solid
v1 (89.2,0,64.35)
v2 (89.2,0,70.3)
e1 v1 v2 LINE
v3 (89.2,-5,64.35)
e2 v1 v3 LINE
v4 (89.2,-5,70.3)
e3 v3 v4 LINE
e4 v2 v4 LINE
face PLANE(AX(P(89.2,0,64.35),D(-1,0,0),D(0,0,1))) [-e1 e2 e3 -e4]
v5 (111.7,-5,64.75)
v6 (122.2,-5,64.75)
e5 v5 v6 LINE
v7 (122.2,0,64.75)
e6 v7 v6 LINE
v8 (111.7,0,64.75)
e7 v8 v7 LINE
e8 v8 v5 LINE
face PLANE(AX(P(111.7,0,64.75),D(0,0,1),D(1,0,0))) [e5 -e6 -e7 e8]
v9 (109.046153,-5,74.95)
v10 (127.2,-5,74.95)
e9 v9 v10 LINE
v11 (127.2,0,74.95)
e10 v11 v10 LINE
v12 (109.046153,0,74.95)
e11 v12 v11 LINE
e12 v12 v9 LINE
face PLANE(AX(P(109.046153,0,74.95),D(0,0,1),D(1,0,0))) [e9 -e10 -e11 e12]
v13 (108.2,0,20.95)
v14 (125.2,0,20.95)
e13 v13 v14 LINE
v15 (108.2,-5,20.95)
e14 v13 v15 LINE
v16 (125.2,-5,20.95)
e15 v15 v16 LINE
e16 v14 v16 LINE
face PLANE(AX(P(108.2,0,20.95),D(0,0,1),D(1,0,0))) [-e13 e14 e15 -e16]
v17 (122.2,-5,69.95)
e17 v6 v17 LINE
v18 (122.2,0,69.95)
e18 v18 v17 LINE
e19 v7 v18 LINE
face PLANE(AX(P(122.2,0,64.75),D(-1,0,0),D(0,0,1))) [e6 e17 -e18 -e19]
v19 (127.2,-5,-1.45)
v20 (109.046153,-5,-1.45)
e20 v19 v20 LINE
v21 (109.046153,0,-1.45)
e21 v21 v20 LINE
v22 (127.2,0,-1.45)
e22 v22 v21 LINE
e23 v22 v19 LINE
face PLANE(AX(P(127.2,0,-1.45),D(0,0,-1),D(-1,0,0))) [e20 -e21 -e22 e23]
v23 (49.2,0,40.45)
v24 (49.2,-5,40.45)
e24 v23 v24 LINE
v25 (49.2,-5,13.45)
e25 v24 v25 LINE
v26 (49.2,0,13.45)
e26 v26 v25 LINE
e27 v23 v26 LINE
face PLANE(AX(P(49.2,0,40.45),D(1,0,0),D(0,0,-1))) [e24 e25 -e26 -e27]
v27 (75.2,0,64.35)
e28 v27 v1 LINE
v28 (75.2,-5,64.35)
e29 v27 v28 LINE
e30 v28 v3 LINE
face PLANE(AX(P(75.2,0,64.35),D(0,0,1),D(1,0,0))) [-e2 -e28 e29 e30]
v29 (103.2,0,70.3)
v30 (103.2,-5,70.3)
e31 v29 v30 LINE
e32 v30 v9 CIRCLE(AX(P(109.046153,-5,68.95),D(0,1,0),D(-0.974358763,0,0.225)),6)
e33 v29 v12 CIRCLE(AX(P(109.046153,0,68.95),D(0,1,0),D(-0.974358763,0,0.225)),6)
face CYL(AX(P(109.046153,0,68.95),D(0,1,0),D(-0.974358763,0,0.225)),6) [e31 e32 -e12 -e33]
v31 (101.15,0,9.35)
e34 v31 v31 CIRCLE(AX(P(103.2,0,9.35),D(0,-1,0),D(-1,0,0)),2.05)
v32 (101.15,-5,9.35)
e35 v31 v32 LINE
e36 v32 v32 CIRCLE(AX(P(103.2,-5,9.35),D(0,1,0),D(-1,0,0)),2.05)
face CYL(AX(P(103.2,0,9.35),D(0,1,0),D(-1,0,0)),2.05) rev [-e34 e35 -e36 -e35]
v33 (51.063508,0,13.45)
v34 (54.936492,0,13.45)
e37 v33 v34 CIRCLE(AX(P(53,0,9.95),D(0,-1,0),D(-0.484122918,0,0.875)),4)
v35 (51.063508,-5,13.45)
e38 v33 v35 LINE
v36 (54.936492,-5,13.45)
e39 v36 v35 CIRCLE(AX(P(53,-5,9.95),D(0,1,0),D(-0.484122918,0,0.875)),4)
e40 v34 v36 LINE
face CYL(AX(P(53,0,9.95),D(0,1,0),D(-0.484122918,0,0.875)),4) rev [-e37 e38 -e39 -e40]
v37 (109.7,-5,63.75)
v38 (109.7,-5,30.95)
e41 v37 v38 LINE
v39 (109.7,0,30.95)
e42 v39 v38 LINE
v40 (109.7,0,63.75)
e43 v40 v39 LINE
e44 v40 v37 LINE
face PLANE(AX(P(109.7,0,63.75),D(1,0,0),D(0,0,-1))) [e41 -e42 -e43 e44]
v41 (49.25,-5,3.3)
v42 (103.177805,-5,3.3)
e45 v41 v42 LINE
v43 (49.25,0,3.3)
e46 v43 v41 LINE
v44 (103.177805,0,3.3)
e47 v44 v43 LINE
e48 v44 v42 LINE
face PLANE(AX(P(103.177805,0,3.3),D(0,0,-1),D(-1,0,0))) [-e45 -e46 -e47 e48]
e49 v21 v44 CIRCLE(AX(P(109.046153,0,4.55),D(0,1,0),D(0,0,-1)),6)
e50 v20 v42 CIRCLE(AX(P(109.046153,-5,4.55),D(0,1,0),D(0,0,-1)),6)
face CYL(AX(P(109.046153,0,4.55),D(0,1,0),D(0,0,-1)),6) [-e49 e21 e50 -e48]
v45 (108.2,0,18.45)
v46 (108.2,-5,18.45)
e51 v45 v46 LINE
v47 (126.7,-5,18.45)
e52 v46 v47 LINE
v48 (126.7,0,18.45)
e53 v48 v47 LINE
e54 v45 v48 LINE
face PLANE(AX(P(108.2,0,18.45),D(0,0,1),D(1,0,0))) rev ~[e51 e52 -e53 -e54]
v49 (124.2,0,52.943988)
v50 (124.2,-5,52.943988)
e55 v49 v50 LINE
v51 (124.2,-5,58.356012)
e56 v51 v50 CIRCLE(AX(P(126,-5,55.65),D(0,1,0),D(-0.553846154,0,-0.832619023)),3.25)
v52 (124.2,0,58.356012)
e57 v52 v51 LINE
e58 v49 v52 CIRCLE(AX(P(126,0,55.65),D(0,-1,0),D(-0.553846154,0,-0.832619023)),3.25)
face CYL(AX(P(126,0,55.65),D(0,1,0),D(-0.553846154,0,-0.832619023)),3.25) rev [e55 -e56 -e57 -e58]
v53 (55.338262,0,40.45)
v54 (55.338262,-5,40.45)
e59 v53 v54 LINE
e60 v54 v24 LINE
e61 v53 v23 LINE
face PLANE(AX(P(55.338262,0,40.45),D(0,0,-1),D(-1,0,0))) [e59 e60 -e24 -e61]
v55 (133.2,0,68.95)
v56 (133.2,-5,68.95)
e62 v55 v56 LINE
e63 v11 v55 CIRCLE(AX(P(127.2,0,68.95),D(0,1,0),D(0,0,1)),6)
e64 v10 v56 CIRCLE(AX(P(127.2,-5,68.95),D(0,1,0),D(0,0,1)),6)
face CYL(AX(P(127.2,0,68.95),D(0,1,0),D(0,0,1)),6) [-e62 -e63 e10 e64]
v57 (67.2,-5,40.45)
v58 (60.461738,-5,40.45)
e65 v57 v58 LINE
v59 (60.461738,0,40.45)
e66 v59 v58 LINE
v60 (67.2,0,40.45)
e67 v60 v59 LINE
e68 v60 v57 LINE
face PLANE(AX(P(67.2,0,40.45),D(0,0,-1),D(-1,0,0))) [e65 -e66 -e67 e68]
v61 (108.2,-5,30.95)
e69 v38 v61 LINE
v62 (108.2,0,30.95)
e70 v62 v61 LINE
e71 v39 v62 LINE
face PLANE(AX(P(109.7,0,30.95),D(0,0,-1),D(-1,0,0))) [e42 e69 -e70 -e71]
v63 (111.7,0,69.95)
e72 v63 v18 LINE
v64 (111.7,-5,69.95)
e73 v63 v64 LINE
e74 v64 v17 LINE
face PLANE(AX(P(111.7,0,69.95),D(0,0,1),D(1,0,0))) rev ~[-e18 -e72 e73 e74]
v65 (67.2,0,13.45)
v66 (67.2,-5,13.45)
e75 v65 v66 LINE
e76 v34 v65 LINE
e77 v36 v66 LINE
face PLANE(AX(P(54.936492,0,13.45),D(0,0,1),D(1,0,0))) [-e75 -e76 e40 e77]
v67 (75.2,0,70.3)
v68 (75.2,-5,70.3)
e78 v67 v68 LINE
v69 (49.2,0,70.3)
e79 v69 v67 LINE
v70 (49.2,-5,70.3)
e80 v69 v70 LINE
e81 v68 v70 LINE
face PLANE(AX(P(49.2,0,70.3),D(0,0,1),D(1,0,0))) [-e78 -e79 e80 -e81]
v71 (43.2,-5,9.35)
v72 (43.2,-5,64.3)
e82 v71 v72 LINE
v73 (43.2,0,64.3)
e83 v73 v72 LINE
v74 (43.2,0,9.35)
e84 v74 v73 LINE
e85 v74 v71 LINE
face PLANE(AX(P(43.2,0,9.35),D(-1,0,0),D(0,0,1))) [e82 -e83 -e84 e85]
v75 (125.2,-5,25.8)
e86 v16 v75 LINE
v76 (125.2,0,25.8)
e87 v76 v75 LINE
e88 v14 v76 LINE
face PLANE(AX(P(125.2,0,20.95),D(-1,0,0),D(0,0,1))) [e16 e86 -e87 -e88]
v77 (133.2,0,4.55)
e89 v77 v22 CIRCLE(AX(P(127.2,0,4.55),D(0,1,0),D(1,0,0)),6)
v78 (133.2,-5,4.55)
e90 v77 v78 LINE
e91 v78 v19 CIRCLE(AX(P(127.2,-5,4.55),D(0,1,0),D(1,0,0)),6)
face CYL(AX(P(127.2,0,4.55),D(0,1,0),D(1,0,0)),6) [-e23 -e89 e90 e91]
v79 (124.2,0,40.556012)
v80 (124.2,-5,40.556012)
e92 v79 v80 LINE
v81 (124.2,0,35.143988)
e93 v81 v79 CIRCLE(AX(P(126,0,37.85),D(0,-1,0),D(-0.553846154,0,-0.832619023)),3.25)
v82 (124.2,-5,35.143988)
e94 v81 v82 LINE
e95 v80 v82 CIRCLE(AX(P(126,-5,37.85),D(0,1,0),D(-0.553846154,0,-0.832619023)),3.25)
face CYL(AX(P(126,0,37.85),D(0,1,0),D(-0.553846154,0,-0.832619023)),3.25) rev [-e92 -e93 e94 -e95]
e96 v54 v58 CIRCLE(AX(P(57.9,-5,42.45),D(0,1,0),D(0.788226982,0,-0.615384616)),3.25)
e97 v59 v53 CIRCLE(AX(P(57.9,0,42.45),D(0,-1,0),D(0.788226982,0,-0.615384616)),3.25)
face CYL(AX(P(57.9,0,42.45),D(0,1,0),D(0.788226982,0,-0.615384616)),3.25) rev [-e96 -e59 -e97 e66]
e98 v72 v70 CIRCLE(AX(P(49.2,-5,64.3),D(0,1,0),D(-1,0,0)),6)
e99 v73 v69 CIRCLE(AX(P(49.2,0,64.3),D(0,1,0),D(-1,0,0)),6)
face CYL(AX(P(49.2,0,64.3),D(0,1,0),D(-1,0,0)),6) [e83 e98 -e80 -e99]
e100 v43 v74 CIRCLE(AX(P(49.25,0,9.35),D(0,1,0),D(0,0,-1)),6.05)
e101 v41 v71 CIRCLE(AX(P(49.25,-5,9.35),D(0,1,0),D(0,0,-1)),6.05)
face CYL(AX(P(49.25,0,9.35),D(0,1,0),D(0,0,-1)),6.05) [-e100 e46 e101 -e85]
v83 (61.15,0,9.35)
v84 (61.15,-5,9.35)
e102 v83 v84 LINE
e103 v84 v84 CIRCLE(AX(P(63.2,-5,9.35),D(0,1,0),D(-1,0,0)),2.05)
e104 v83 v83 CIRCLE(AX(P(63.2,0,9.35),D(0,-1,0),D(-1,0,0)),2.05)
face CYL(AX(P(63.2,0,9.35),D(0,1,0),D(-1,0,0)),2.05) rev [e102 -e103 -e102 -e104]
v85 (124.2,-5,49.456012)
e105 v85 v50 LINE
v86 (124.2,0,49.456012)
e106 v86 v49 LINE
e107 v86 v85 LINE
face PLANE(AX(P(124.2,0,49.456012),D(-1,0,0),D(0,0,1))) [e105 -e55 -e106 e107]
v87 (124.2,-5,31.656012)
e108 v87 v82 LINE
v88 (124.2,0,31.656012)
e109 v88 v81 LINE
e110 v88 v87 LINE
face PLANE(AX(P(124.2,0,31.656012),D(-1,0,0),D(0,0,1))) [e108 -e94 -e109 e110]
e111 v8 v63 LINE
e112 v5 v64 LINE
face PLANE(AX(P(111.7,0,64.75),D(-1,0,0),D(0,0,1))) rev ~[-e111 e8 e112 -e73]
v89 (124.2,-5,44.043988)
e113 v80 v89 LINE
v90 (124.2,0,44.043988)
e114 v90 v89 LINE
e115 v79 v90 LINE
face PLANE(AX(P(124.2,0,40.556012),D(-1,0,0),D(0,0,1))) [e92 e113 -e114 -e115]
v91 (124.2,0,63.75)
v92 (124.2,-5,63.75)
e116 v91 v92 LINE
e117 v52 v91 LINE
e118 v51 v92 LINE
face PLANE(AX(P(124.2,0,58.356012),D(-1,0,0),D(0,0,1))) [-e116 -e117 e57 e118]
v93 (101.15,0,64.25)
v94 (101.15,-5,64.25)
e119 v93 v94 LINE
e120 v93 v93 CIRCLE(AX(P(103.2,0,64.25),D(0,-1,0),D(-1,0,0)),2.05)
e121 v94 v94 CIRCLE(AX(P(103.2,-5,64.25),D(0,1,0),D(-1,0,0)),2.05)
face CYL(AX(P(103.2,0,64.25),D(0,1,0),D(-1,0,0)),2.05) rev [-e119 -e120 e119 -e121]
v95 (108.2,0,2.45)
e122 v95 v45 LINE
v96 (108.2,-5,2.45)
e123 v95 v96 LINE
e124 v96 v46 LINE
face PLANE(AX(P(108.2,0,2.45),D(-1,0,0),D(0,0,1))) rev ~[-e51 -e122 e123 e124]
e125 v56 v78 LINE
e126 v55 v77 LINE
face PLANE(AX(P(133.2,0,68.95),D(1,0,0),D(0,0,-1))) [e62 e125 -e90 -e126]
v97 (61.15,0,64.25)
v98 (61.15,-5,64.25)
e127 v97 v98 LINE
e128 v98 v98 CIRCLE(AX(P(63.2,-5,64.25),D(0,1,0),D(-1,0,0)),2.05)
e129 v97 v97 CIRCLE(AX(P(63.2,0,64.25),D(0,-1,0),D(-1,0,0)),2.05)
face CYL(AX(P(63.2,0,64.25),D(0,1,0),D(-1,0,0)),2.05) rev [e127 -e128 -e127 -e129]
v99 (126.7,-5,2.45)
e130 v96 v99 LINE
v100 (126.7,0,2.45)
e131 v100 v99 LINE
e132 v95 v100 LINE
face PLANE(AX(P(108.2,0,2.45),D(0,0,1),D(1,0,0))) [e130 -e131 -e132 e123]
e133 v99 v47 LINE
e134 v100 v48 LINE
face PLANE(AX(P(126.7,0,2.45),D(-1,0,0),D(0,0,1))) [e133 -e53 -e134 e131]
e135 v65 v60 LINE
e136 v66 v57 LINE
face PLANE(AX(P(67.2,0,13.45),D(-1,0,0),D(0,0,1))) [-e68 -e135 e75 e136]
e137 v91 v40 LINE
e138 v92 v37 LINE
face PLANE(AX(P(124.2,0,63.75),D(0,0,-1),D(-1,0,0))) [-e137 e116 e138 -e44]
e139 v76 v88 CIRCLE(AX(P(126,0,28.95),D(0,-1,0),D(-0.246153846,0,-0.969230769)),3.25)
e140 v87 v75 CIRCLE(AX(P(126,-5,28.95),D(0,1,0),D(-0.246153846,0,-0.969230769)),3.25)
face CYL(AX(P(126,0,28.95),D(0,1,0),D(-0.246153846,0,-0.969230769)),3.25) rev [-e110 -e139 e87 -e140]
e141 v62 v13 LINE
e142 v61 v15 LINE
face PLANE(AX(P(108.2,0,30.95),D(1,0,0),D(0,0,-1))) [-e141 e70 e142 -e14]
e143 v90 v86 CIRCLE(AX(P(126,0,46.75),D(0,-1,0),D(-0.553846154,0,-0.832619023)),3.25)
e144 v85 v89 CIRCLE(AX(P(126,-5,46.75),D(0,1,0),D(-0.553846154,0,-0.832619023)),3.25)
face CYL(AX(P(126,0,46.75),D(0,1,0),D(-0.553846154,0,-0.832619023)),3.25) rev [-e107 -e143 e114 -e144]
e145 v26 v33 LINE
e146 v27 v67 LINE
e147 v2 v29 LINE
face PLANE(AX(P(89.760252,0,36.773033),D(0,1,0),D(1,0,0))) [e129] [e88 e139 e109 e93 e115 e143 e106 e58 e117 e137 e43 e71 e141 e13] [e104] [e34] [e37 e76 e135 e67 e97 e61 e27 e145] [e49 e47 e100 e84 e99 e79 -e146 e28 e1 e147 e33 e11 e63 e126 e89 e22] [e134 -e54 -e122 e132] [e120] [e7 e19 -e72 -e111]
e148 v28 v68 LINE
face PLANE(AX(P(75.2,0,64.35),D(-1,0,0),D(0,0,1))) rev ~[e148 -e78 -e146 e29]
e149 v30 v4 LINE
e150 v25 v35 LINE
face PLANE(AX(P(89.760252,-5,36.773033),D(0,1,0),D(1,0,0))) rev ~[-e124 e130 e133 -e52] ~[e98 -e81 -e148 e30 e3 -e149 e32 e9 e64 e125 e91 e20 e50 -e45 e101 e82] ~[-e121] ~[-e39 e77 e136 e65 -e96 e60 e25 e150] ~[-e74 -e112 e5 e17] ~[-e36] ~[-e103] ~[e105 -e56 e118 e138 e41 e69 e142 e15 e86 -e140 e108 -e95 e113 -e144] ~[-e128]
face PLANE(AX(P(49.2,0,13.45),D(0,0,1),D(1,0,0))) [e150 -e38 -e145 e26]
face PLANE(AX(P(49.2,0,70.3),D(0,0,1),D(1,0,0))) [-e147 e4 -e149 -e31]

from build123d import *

# Parameters (mm, degrees)
SKETCH_2_R          = 6.05
SKETCH_2_R_2        = 2.05
EXTRUDE_1_DEPTH     = 5
EXTRUDE_1_2_DEPTH   = 5
EXTRUDE_1_3_DEPTH   = 5
EXTRUDE_1_4_DEPTH   = 5
SKETCH_6_R          = 2.05
EXTRUDE_1_5_DEPTH   = 5
SKETCH_8_W          = 18.5
SKETCH_8_H          = 16
SKETCH_8_W_2        = 10.5
SKETCH_8_H_2        = 5.2
SKETCH_8_W_3        = 14
SKETCH_8_H_3        = 9
CUT_EXTRUDE_2_DEPTH = 153.920706577


with BuildPart() as part:
    # 草图2 → Extrude 1 (new body)
    with BuildSketch(Plane(origin=(0, 0, 0), x_dir=(-1, 0, 0), z_dir=(0, -1, 0))):
        with Locations((-103.2, -9.35)):
            Circle(SKETCH_2_R)
        with Locations((-103.2, -9.35)):
            Circle(SKETCH_2_R_2, mode=Mode.SUBTRACT)
    extrude(amount=EXTRUDE_1_DEPTH)



with BuildPart() as body_2:
    # 草图2 → Extrude 1 2 (new body)
    with BuildSketch(Plane(origin=(0, 0, 0), x_dir=(-1, 0, 0), z_dir=(0, -1, 0))):
        with Locations((-63.2, -9.35)):
            Circle(SKETCH_2_R)
        with Locations((-63.2, -9.35)):
            Circle(SKETCH_2_R_2, mode=Mode.SUBTRACT)
    extrude(amount=EXTRUDE_1_2_DEPTH)


with BuildPart() as body_3:
    # 草图2 → Extrude 1 3 (new body)
    with BuildSketch(Plane(origin=(0, 0, 0), x_dir=(-1, 0, 0), z_dir=(0, -1, 0))):
        with Locations((-63.2, -64.25)):
            Circle(SKETCH_2_R)
        with Locations((-63.2, -64.25)):
            Circle(SKETCH_2_R_2, mode=Mode.SUBTRACT)
    extrude(amount=EXTRUDE_1_3_DEPTH)


with BuildPart() as body_4:
    # 草图2 → Extrude 1 4 (new body)
    with BuildSketch(Plane(origin=(0, 0, 0), x_dir=(-1, 0, 0), z_dir=(0, -1, 0))):
        with Locations((-103.2, -64.25)):
            Circle(SKETCH_2_R)
        with Locations((-103.2, -64.25)):
            Circle(SKETCH_2_R_2, mode=Mode.SUBTRACT)
    extrude(amount=EXTRUDE_1_4_DEPTH)


with BuildPart() as part_1:
    add(part.part)

    add(body_2.part)  # Extrude 1 5 merges body 2

    add(body_3.part)  # Extrude 1 5 merges body 3

    add(body_4.part)  # Extrude 1 5 merges body 4
    # 草图6 → Extrude 1 5 (add)
    with BuildSketch(Plane(origin=(0, 0, 0), x_dir=(1, 0, 0), z_dir=(0, 1, 0))):
        with BuildLine():
            Line((127.2, 1.45), (109.046152581, 1.45))
            ThreePointArc((109.046152581, 1.45), (105.271235363, 0.113689527), (103.177805284, -3.3))
            Line((103.177805284, -3.3), (63.2, -3.3))
            Line((63.2, -3.3), (49.25, -3.3))
            ThreePointArc((49.25, -3.3), (44.972003974, -5.072003974), (43.2, -9.35))
            Line((43.2, -9.35), (43.2, -64.3))
            ThreePointArc((43.2, -64.3), (44.957359313, -68.542640687), (49.2, -70.3))
            Line((49.2, -70.3), (103.2, -70.3))
            ThreePointArc((103.2, -70.3), (105.311182702, -73.645742753), (109.046152581, -74.95))
            Line((109.046152581, -74.95), (127.2, -74.95))
            ThreePointArc((127.2, -74.95), (131.442640687, -73.192640687), (133.2, -68.95))
            Line((133.2, -68.95), (133.2, -4.55))
            ThreePointArc((133.2, -4.55), (131.442640687, -0.307359313), (127.2, 1.45))
        make_face()
        with Locations(Location((103.2, -9.35, 0), (0, 0, 270))):
            Circle(SKETCH_6_R, mode=Mode.SUBTRACT)
        with Locations(Location((103.2, -64.25, 0), (0, 0, 270))):
            Circle(SKETCH_6_R, mode=Mode.SUBTRACT)
        with Locations(Location((63.2, -64.25, 0), (0, 0, 270))):
            Circle(SKETCH_6_R, mode=Mode.SUBTRACT)
        with Locations(Location((63.2, -9.35, 0), (0, 0, 90))):
            Circle(SKETCH_6_R, mode=Mode.SUBTRACT)
    extrude(amount=-EXTRUDE_1_5_DEPTH)

    # 草图8 → 切除-拉伸2 (cut, through all)
    with BuildSketch(Plane.XZ):
        with BuildLine():
            Line((67.2, 13.45), (67.2, 40.45))
            Line((67.2, 40.45), (60.461737691, 40.45))
            ThreePointArc((60.461737691, 40.45), (57.9, 45.7), (55.338262309, 40.45))
            Line((55.338262309, 40.45), (49.2, 40.45))
            Line((49.2, 40.45), (49.2, 13.45))
            Line((49.2, 13.45), (51.063508327, 13.45))
            ThreePointArc((51.063508327, 13.45), (53, 5.95), (54.936491673, 13.45))
            Line((54.936491673, 13.45), (67.2, 13.45))
        make_face()
        with Locations((117.45, 10.45)):
            Rectangle(SKETCH_8_W, SKETCH_8_H)
        with BuildLine():
            Line((108.2, 20.95), (125.2, 20.95))
            Line((125.2, 20.95), (125.2, 25.8))
            ThreePointArc((125.2, 25.8), (129.203625856, 29.497066152), (124.2, 31.656011826))
            Line((124.2, 31.656011826), (124.2, 35.143988174))
            ThreePointArc((124.2, 35.143988174), (129.25, 37.85), (124.2, 40.556011826))
            Line((124.2, 40.556011826), (124.2, 44.043988174))
            ThreePointArc((124.2, 44.043988174), (129.25, 46.75), (124.2, 49.456011826))
            Line((124.2, 49.456011826), (124.2, 52.943988174))
            ThreePointArc((124.2, 52.943988174), (129.25, 55.65), (124.2, 58.356011826))
            Line((124.2, 58.356011826), (124.2, 63.75))
            Line((124.2, 63.75), (122.2, 63.75))
            Line((122.2, 63.75), (111.7, 63.75))
            Line((111.7, 63.75), (109.7, 63.75))
            Line((109.7, 63.75), (109.7, 30.95))
            Line((109.7, 30.95), (108.2, 30.95))
            Line((108.2, 30.95), (108.2, 20.95))
        make_face()
        with Locations((116.95, 67.35)):
            Rectangle(SKETCH_8_W_2, SKETCH_8_H_2)
        with Locations((82.2, 68.85)):
            Rectangle(SKETCH_8_W_3, SKETCH_8_H_3)
    extrude(amount=CUT_EXTRUDE_2_DEPTH, mode=Mode.SUBTRACT)


solid = part_1.part
